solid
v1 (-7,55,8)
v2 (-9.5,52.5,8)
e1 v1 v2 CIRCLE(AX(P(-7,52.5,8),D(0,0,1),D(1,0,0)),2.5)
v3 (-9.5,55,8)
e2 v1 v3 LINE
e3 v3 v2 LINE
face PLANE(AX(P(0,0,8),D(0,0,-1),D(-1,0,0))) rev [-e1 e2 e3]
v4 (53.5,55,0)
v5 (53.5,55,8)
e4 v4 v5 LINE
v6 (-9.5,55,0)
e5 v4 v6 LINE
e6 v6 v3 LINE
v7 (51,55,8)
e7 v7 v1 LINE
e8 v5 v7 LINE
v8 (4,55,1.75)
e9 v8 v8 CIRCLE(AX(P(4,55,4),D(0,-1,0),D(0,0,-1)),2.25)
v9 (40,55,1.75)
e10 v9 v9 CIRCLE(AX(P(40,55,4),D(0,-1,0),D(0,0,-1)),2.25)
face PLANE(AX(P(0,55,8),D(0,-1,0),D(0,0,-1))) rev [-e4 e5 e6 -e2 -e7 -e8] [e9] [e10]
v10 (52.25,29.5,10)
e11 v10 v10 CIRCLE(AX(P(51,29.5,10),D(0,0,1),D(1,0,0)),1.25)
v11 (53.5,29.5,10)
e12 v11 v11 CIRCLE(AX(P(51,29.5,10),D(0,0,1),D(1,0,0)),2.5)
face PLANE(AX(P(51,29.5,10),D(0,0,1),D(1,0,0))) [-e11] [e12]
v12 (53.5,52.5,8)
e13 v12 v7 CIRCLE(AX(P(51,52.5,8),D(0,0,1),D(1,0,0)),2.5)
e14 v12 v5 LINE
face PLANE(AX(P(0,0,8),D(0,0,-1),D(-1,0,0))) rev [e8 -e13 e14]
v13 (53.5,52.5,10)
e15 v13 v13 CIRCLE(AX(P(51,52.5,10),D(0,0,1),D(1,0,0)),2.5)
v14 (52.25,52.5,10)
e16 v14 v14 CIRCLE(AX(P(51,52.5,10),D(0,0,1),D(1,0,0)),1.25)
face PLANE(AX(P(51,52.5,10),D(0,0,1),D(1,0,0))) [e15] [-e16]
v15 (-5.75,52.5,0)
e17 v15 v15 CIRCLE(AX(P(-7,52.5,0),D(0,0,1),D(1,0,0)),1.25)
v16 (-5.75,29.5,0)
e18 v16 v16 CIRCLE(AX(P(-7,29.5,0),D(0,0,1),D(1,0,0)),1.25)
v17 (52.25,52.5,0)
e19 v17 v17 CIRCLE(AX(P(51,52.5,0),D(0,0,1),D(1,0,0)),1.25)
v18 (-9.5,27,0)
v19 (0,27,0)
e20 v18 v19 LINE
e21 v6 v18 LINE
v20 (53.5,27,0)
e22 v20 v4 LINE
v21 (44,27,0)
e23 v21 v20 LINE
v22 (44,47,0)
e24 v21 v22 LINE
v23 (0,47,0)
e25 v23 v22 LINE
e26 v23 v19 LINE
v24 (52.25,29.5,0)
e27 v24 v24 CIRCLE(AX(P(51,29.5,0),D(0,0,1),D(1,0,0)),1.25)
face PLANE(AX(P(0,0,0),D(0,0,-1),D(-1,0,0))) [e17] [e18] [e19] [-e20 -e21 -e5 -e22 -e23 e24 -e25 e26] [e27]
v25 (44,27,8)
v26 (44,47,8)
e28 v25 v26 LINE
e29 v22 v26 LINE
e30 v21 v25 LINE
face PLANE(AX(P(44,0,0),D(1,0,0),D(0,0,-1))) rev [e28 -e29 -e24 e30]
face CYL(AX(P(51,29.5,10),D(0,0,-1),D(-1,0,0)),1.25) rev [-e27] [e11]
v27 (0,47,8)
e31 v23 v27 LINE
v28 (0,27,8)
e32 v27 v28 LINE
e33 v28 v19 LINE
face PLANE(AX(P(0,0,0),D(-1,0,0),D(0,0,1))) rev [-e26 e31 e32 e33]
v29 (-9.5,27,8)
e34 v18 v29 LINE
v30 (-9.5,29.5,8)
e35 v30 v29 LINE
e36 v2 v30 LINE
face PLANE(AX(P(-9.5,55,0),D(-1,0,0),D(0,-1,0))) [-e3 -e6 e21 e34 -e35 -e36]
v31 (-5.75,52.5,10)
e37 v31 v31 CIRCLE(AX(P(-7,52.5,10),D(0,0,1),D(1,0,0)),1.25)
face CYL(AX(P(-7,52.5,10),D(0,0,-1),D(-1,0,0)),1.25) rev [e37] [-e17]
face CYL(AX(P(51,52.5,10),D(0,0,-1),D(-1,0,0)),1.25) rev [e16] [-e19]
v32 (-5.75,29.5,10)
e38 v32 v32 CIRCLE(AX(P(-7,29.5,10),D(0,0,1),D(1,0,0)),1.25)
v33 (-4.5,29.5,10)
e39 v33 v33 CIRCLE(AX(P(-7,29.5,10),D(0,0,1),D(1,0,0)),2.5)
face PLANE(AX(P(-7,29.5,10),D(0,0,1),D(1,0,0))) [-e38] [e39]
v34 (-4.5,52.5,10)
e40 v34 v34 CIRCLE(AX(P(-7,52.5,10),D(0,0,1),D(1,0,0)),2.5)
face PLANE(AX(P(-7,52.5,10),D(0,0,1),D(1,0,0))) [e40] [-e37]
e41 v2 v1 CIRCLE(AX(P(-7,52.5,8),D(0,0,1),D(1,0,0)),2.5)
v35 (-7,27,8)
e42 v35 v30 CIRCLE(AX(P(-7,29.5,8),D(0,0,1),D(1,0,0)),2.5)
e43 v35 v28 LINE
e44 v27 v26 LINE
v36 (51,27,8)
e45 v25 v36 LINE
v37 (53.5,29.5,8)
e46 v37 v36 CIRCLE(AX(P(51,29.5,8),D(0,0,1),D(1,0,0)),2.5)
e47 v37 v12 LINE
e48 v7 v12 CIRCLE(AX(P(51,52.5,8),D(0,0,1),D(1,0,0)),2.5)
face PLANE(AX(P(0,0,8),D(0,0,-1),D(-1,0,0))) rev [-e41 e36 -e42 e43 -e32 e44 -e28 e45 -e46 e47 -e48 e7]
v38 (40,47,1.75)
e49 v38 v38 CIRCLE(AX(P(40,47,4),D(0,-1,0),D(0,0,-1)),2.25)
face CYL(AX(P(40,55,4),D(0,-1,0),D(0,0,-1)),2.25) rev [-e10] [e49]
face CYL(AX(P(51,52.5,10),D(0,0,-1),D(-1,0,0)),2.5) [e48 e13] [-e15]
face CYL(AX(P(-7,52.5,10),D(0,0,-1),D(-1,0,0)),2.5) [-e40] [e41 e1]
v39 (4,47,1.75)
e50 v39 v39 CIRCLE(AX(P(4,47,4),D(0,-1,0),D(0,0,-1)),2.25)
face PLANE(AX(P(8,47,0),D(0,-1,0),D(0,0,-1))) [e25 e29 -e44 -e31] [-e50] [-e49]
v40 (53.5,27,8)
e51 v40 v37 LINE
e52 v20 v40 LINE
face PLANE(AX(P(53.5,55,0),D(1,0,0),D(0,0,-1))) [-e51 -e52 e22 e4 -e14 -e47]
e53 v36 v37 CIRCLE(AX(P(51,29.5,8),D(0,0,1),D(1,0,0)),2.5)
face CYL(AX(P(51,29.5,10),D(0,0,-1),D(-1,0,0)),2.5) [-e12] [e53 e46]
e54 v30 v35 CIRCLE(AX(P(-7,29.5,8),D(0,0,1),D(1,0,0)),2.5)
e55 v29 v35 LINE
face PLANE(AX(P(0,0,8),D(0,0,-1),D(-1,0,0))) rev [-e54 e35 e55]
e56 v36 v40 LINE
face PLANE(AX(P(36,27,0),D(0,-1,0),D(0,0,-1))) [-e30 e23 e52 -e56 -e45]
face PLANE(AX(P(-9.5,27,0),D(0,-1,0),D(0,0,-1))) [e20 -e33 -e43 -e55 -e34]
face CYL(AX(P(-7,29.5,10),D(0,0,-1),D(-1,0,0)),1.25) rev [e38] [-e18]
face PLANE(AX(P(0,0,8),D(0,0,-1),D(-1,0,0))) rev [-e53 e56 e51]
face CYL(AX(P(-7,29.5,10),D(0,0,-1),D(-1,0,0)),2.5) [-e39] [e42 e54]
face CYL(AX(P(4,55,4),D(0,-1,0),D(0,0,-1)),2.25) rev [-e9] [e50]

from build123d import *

# Parameters (mm, degrees)
SCHIZZO1_W                   = 28
SCHIZZO1_H                   = 39
ESTRUSIONE_ESTRUSIONE1_DEPTH = 8
SCHIZZO2_R                   = 1.75
TAGLIO_ESTRUSIONE1_DEPTH     = 20
ESTRUSIONE_ESTRUSIONE2_DEPTH = 8
SCHIZZO4_R                   = 2.5
SCHIZZO4_R_2                 = 1.25
ESTRUSIONE_ESTRUSIONE3_DEPTH = 2
SCHIZZO5_R                   = 1.25
TAGLIO_ESTRUSIONE2_DEPTH     = 78.144345224
SCHIZZO6_W                   = 28
SCHIZZO6_H                   = 8
TAGLIO_ESTRUSIONE3_DEPTH     = 10
SCHIZZO7_W                   = 28
SCHIZZO7_H                   = 8
ESTRUSIONE_ESTRUSIONE4_DEPTH = 8
SCHIZZO8_W                   = 44
SCHIZZO8_H                   = 47
TAGLIO_ESTRUSIONE4_DEPTH     = 8
SCHIZZO9_R                   = 2.25
TAGLIO_ESTRUSIONE5_DEPTH     = 8


with BuildPart() as part:
    # Schizzo1 → Estrusione-Estrusione1 (new body)
    with BuildSketch(Plane.XY):
        Polygon((0, 0), (0, 55), (44, 55), (44, 0), (36, 0), (8, 0), align=None)
        with Locations((22, 27.5)):
            Rectangle(SCHIZZO1_W, SCHIZZO1_H, mode=Mode.SUBTRACT)
    extrude(amount=ESTRUSIONE_ESTRUSIONE1_DEPTH)

    # Schizzo2 → Taglio-Estrusione1 (cut)
    with BuildSketch(Plane.XZ):
        with Locations((4, 4)):
            Circle(SCHIZZO2_R)
        with Locations((40, 4)):
            Circle(SCHIZZO2_R)
    extrude(amount=-TAGLIO_ESTRUSIONE1_DEPTH, mode=Mode.SUBTRACT)

    # Schizzo3 → Estrusione-Estrusione2 (add)
    with BuildSketch(Plane.XY.offset(8)):
        Polygon((-9.5, 55), (53.5, 55), (53.5, 27), (36, 27), (36, 47), (8, 47), (8, 27), (-9.5, 27), align=None)
    extrude(amount=-ESTRUSIONE_ESTRUSIONE2_DEPTH)

    # Schizzo4 → Estrusione-Estrusione3 (add)
    # profile 1 of 4: a face of its own
    with BuildSketch(Plane.XY.offset(8)):
        with Locations(Location((-7, 52.5, 0), (0, 0, 180))):
            Circle(SCHIZZO4_R)
        with Locations((-7, 52.5)):
            Circle(SCHIZZO4_R_2, mode=Mode.SUBTRACT)
    # profile 2 of 4: a face of its own
    with BuildSketch(Plane.XY.offset(8)):
        with Locations(Location((-7, 29.5, 0), (0, 0, 180))):
            Circle(SCHIZZO4_R)
        with Locations((-7, 29.5)):
            Circle(SCHIZZO4_R_2, mode=Mode.SUBTRACT)
    # profile 3 of 4: a face of its own
    with BuildSketch(Plane.XY.offset(8)):
        with Locations((51, 29.5)):
            Circle(SCHIZZO4_R)
        with Locations((51, 29.5)):
            Circle(SCHIZZO4_R_2, mode=Mode.SUBTRACT)
    # profile 4 of 4: a face of its own
    with BuildSketch(Plane.XY.offset(8)):
        with Locations((51, 52.5)):
            Circle(SCHIZZO4_R)
        with Locations((51, 52.5)):
            Circle(SCHIZZO4_R_2, mode=Mode.SUBTRACT)
    extrude(amount=ESTRUSIONE_ESTRUSIONE3_DEPTH)

    # Schizzo5 → Taglio-Estrusione2 (cut, through all)
    with BuildSketch(Plane.XY.offset(8)):
        with Locations((-7, 52.5)):
            Circle(SCHIZZO5_R)
        with Locations((-7, 29.5)):
            Circle(SCHIZZO5_R)
        with Locations((51, 52.5)):
            Circle(SCHIZZO5_R)
        with Locations((51, 29.5)):
            Circle(SCHIZZO5_R)
    extrude(amount=-TAGLIO_ESTRUSIONE2_DEPTH, mode=Mode.SUBTRACT)

    # Schizzo6 → Taglio-Estrusione3 (cut)
    with BuildSketch(Plane.XY.offset(8)):
        with Locations((22, 51)):
            Rectangle(SCHIZZO6_W, SCHIZZO6_H)
    extrude(amount=-TAGLIO_ESTRUSIONE3_DEPTH, mode=Mode.SUBTRACT)

    # Schizzo7 → Estrusione-Estrusione4 (add)
    with BuildSketch(Plane.XY.offset(8)):
        with Locations((22, 51)):
            Rectangle(SCHIZZO7_W, SCHIZZO7_H)
    extrude(amount=-ESTRUSIONE_ESTRUSIONE4_DEPTH)

    # Schizzo8 → Taglio-Estrusione4 (cut)
    with BuildSketch(Plane.XY.offset(8)):
        with Locations((22, 23.5)):
            Rectangle(SCHIZZO8_W, SCHIZZO8_H)
    extrude(amount=-TAGLIO_ESTRUSIONE4_DEPTH, mode=Mode.SUBTRACT)

    # Schizzo9 → Taglio-Estrusione5 (cut)
    with BuildSketch(Plane.XZ.offset(-47)):
        with Locations(Location((4, 4, 0), (0, 0, 270))):
            Circle(SCHIZZO9_R)
        with Locations(Location((40, 4, 0), (0, 0, 270))):
            Circle(SCHIZZO9_R)
    extrude(amount=-TAGLIO_ESTRUSIONE5_DEPTH, mode=Mode.SUBTRACT)


solid = part.part
